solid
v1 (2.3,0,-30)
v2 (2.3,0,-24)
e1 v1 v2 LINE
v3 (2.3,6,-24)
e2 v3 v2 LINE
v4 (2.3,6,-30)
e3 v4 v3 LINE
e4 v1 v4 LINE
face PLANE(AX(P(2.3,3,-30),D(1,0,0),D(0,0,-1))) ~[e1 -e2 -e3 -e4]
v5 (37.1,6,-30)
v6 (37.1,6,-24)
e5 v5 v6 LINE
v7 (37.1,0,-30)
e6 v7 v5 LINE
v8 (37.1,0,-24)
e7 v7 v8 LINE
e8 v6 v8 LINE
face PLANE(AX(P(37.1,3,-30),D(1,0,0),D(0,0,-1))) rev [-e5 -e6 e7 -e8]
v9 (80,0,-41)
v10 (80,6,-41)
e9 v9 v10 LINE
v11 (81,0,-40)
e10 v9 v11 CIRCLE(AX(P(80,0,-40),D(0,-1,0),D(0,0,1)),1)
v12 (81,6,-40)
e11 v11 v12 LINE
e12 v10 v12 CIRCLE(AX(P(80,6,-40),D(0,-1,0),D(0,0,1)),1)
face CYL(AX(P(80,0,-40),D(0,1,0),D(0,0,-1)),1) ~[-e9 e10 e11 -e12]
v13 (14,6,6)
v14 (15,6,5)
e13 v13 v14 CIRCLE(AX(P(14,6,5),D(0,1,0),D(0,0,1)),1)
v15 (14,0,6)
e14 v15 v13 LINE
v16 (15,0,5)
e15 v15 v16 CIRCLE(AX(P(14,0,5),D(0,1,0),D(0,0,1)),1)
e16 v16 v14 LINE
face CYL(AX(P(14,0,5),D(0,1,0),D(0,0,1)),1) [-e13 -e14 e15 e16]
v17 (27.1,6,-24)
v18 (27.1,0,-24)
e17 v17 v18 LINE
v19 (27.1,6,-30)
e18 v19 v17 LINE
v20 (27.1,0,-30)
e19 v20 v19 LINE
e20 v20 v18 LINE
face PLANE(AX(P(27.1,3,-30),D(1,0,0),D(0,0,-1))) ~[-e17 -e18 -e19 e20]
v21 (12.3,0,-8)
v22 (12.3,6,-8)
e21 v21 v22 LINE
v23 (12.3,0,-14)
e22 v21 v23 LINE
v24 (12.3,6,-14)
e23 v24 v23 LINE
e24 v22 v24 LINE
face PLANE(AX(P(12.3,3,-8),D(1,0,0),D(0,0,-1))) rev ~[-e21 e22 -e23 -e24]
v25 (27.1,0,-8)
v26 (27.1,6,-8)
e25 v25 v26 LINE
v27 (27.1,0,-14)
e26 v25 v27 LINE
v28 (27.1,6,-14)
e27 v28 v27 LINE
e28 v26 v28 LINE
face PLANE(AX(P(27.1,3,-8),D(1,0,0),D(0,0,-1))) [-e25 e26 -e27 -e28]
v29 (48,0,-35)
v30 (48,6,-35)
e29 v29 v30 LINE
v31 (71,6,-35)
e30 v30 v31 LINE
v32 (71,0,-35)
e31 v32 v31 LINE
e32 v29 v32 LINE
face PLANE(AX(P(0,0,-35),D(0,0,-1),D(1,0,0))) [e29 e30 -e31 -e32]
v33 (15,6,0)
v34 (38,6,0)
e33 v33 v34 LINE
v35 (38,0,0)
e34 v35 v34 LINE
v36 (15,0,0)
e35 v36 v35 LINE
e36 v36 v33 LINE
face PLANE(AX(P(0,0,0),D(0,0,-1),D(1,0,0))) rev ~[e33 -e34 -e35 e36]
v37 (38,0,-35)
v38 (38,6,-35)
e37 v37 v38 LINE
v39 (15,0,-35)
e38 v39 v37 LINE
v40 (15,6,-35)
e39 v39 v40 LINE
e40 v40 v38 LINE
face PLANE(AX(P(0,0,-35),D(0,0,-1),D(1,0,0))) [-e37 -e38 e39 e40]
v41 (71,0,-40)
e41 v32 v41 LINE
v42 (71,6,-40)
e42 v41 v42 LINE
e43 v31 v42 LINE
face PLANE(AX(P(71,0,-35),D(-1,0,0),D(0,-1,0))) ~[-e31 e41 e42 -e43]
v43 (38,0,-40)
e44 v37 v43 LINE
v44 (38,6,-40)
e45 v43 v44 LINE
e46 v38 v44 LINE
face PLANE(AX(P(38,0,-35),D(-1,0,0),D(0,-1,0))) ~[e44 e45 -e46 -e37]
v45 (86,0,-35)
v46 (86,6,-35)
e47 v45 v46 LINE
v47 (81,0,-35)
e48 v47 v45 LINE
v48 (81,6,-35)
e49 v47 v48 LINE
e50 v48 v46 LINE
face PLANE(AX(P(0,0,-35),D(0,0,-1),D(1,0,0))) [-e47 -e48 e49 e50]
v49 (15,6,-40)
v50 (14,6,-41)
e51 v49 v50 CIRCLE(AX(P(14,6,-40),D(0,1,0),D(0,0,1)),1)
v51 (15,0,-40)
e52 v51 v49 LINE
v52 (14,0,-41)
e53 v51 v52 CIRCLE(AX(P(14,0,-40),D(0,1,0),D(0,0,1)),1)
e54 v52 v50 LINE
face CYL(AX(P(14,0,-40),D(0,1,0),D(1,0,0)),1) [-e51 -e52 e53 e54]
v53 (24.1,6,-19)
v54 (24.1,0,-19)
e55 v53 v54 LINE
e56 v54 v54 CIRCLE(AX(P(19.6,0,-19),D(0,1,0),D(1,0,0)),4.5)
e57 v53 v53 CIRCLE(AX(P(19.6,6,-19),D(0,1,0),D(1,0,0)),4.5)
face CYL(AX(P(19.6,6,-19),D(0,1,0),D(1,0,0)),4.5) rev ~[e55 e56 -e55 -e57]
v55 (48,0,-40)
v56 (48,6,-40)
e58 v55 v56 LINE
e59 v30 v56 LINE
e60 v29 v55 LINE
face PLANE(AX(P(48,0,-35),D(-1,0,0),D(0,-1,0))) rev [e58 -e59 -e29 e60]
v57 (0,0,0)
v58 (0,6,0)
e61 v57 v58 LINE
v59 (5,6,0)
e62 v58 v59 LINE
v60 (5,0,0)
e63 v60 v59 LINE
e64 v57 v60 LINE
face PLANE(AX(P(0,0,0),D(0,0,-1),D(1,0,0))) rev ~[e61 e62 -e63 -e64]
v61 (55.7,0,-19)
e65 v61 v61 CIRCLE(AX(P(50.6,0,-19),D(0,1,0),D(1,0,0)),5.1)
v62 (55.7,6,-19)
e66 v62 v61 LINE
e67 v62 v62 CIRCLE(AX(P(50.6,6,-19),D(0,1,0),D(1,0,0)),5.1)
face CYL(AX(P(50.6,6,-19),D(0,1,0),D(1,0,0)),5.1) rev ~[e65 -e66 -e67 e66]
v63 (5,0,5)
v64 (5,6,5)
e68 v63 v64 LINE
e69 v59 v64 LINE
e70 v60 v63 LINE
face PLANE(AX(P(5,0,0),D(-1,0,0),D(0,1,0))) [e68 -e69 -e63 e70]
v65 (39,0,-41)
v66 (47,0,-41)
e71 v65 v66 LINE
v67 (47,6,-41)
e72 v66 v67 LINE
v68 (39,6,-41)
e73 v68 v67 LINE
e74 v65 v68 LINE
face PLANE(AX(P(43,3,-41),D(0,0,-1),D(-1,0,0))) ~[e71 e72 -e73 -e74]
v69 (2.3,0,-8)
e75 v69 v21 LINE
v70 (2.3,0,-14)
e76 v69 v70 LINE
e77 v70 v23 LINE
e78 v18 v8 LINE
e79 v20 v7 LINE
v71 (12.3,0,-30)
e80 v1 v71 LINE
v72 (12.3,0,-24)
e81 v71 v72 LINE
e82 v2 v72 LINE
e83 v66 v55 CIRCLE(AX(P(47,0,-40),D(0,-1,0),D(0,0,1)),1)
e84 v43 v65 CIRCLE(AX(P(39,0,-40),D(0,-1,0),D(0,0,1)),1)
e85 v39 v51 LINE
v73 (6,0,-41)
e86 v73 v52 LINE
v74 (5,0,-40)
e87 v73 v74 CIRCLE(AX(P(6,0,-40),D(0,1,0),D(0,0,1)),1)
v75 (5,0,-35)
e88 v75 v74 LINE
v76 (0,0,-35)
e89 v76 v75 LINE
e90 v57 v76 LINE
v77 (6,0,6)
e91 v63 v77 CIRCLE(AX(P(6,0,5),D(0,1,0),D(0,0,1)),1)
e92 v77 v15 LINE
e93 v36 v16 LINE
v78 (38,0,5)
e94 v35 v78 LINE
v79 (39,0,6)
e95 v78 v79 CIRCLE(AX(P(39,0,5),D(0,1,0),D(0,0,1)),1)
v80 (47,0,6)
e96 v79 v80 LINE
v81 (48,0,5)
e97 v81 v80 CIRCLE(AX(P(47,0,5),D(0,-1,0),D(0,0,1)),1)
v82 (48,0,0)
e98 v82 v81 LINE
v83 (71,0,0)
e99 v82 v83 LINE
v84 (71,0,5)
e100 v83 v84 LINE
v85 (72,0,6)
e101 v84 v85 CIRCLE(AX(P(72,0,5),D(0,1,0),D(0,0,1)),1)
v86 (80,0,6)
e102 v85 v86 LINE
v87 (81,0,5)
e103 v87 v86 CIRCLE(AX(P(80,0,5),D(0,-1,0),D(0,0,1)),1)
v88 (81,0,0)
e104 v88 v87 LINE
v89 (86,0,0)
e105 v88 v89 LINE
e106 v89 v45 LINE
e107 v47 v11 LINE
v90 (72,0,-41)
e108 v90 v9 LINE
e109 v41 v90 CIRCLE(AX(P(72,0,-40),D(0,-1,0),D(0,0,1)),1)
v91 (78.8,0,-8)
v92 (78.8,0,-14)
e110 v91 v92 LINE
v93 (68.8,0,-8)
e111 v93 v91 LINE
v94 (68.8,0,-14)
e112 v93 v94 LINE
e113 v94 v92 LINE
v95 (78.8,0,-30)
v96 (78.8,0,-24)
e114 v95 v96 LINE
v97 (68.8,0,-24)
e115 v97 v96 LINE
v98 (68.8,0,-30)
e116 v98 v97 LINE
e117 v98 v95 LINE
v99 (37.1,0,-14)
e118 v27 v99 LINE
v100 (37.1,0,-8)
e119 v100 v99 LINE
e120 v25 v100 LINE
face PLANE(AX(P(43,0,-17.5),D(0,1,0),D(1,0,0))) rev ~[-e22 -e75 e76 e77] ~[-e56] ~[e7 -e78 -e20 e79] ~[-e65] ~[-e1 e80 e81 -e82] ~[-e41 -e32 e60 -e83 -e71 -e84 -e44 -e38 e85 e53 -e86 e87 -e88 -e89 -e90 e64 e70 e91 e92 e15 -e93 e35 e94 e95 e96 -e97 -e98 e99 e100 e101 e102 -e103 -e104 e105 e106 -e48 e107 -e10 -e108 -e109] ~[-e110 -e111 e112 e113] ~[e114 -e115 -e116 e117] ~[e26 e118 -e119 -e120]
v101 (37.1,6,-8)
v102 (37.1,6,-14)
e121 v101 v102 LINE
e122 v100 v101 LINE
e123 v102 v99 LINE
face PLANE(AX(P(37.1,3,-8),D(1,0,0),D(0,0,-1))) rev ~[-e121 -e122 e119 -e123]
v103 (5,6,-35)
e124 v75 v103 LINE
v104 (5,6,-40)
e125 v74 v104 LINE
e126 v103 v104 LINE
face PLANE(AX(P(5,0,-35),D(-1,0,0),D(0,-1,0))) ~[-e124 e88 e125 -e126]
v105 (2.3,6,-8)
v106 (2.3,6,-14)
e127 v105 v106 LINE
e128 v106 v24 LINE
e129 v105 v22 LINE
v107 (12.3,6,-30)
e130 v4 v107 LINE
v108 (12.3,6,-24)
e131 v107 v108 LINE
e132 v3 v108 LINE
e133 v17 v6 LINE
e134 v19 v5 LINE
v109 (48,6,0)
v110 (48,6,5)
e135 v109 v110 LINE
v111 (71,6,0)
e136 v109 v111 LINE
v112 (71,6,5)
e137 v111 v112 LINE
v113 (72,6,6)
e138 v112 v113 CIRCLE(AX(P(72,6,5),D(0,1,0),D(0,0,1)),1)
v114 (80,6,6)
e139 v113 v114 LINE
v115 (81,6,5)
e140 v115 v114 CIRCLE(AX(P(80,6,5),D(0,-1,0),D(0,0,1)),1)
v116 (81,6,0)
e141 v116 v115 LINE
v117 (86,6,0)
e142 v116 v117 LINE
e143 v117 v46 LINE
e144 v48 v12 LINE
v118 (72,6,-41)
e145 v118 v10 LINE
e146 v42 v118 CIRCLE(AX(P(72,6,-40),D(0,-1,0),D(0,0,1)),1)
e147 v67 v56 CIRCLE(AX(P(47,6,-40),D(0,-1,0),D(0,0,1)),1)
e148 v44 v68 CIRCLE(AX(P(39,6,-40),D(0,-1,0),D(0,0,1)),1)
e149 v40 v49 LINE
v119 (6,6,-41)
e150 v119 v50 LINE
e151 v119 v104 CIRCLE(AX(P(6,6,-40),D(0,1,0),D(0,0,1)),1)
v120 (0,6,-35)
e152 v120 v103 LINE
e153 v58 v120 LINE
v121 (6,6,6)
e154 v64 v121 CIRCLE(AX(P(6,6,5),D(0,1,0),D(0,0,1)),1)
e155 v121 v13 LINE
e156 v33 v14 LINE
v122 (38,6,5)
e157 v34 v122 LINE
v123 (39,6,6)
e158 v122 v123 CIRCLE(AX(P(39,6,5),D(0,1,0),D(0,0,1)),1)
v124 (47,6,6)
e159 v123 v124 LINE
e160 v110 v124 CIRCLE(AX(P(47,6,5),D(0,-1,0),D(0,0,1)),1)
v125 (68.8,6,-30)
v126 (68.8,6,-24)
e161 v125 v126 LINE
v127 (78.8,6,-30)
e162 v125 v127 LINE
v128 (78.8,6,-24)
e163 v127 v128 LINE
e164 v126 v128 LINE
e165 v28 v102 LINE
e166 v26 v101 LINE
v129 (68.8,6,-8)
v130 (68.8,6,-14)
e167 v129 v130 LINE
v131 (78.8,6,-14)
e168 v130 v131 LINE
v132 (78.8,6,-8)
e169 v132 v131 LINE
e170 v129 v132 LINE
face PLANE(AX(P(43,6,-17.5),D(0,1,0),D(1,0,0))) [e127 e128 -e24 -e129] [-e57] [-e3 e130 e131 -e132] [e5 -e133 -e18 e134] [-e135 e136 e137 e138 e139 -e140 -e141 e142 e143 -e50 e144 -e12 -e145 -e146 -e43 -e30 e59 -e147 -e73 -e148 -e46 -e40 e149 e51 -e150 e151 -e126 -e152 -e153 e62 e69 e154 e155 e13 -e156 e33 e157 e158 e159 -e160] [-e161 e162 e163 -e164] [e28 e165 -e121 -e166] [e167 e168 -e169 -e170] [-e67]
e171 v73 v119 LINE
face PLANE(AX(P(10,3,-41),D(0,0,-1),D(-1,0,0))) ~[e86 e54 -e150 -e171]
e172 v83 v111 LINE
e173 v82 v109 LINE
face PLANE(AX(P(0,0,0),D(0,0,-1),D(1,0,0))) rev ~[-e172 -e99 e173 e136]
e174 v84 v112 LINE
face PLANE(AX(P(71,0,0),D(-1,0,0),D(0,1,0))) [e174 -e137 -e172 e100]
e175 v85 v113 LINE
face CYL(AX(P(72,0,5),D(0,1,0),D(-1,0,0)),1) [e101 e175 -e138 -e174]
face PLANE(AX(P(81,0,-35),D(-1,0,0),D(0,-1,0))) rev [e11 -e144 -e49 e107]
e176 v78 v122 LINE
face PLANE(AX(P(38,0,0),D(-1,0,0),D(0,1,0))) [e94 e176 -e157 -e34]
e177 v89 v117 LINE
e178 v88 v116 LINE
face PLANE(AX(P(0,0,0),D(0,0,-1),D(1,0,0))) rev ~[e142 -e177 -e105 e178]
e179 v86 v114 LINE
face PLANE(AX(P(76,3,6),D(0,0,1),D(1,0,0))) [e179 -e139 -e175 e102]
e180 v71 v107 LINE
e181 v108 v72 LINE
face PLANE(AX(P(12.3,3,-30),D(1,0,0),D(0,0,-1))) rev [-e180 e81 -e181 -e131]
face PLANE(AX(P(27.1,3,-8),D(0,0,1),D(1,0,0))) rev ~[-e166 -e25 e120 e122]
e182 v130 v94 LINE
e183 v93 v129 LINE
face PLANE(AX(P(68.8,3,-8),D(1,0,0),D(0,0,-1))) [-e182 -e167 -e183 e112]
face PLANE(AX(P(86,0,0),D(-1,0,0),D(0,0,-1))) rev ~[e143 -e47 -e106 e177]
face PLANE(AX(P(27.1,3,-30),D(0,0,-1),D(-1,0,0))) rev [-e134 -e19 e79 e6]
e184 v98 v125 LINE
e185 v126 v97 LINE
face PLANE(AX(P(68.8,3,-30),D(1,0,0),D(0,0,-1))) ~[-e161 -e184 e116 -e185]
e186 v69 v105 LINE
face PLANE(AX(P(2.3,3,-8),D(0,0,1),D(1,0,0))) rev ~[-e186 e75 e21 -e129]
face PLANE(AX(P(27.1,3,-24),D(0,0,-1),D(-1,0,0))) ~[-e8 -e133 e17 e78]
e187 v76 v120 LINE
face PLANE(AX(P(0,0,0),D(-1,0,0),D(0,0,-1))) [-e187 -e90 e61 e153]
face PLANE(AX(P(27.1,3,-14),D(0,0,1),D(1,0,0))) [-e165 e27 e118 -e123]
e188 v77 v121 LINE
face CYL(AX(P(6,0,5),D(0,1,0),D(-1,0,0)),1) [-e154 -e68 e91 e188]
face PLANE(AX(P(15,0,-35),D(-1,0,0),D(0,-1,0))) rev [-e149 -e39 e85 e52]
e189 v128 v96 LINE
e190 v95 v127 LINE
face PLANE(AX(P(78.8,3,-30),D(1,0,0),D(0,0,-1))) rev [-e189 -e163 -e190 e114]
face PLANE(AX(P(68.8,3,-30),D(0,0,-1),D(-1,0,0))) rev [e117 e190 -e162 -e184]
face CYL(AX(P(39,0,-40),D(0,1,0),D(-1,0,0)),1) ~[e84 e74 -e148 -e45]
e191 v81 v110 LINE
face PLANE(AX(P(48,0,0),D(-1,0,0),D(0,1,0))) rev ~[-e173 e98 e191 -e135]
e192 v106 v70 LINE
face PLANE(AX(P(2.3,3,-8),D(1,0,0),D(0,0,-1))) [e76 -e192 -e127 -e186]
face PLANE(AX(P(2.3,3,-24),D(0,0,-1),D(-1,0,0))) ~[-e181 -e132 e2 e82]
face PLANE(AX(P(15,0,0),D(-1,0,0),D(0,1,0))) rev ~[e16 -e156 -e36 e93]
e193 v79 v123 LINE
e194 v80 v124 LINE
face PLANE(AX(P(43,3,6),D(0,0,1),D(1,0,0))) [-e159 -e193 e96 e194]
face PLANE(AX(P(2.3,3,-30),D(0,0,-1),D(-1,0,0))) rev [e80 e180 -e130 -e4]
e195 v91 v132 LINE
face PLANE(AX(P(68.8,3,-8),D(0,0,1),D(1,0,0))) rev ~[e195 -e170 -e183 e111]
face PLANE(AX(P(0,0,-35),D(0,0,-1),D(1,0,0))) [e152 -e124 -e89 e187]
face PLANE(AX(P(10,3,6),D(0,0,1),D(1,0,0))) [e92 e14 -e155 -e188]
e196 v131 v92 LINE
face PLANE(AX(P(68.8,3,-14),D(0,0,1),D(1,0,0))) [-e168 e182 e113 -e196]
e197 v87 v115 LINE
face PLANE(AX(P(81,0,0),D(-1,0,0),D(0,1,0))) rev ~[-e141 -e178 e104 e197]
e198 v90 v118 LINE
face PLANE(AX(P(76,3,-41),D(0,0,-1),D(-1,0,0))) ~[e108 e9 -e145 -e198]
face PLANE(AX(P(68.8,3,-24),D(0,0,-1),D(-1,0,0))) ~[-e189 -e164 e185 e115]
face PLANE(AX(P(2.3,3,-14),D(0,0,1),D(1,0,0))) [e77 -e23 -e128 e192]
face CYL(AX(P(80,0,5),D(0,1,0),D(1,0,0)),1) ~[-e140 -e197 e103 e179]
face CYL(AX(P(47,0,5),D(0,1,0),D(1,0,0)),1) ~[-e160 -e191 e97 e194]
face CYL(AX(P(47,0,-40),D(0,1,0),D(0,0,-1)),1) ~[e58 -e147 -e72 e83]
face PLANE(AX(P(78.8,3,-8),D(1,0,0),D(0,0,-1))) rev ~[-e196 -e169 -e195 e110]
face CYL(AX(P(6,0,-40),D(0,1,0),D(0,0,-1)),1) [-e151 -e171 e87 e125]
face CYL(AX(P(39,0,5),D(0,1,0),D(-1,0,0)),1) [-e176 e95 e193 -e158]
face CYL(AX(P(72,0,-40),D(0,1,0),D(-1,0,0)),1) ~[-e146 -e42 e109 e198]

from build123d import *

# Parameters (mm, degrees)
SKETCH1_W               = 86
SKETCH1_H               = 35
BOSS_EXTRUDE1_DEPTH     = 6
SKETCH2_R               = 5.1
SKETCH2_R_2             = 4.5
CUT_EXTRUDE1_DEPTH      = 6
SKETCH234_W             = 10
SKETCH234_H             = 6
BOSS_EXTRUDE234_DEPTH   = 6
FILLET134_R             = 1
SKETCH2341_W            = 10
SKETCH2341_H            = 6
BOSS_EXTRUDE2341_DEPTH  = 6
FILLET1341_R            = 1
SKETCH2342_W            = 10
SKETCH2342_H            = 6
BOSS_EXTRUDE2342_DEPTH  = 6
FILLET1342_R            = 1
FILLET134_OF_MIRROR1_R  = 1
FILLET1341_OF_MIRROR1_R = 1
FILLET1342_OF_MIRROR1_R = 1
SKETCH6_W               = 10
SKETCH6_H               = 6
CUT_EXTRUDE11_DEPTH     = 4
SKETCH61_W              = 10
SKETCH61_H              = 6
CUT_EXTRUDE12_DEPTH     = 4
SKETCH62_W              = 10
SKETCH62_H              = 6
CUT_EXTRUDE13_DEPTH     = 4


with BuildPart() as part:
    # Sketch1 → Boss-Extrude1 (new body)
    with BuildSketch(Plane(origin=(0, 0, 0), x_dir=(1, 0, 0), z_dir=(0, 1, 0))):
        with Locations((43, 17.5)):
            Rectangle(SKETCH1_W, SKETCH1_H)
    extrude(amount=BOSS_EXTRUDE1_DEPTH)

    # Sketch2 → Cut-Extrude1 (cut)
    with BuildSketch(Plane(origin=(0, 6, 0), x_dir=(1, 0, 0), z_dir=(0, 1, 0))):
        with Locations((50.6, 19)):
            Circle(SKETCH2_R)
        with Locations((19.6, 19)):
            Circle(SKETCH2_R_2)
    extrude(amount=-CUT_EXTRUDE1_DEPTH, mode=Mode.SUBTRACT)

    # Sketch234 → Boss-Extrude234 (add)
    with BuildSketch(Plane(origin=(9.232221392, 0, 0), x_dir=(1, 0, 0), z_dir=(0, 0, 1))):
        with Locations((0.767778608, 3)):
            Rectangle(SKETCH234_W, SKETCH234_H)
    boss_extrude234 = extrude(amount=BOSS_EXTRUDE234_DEPTH)

    # Fillet134
    fillet134_edges = [part.edges().sort_by_distance(p)[0] for p in [
        (5, 3, 6),
        (15, 3, 6),
    ]]
    fillet(fillet134_edges, radius=FILLET134_R)

    # Sketch2341 → Boss-Extrude2341 (add)
    with BuildSketch(Plane(origin=(42.232221392, 0, 0), x_dir=(1, 0, 0), z_dir=(0, 0, 1))):
        with Locations((0.767778608, 3)):
            Rectangle(SKETCH2341_W, SKETCH2341_H)
    boss_extrude2341 = extrude(amount=BOSS_EXTRUDE2341_DEPTH)

    # Fillet1341
    fillet1341_edges = [part.edges().sort_by_distance(p)[0] for p in [
        (48, 3, 6),
        (38, 3, 6),
    ]]
    fillet(fillet1341_edges, radius=FILLET1341_R)

    # Sketch2342 → Boss-Extrude2342 (add)
    with BuildSketch(Plane(origin=(75.232221392, 0, 0), x_dir=(1, 0, 0), z_dir=(0, 0, 1))):
        with Locations((0.767778608, 3)):
            Rectangle(SKETCH2342_W, SKETCH2342_H)
    boss_extrude2342 = extrude(amount=BOSS_EXTRUDE2342_DEPTH)

    # Fillet1342
    fillet1342_edges = [part.edges().sort_by_distance(p)[0] for p in [
        (81, 3, 6),
        (71, 3, 6),
    ]]
    fillet(fillet1342_edges, radius=FILLET1342_R)

    # Mirror1: Boss-Extrude234, Boss-Extrude2341, Boss-Extrude2342 across plane
    add(boss_extrude234.mirror(Plane(origin=(0, 0, -17.5), x_dir=(1, 0, 0), z_dir=(0, 0, -1))))
    add(boss_extrude2341.mirror(Plane(origin=(0, 0, -17.5), x_dir=(1, 0, 0), z_dir=(0, 0, -1))))
    add(boss_extrude2342.mirror(Plane(origin=(0, 0, -17.5), x_dir=(1, 0, 0), z_dir=(0, 0, -1))))

    # Fillet134 of Mirror1
    fillet134_of_mirror1_edges = [part.edges().sort_by_distance(p)[0] for p in [
        (5, 3, -41),
        (15, 3, -41),
    ]]
    fillet(fillet134_of_mirror1_edges, radius=FILLET134_OF_MIRROR1_R)

    # Fillet1341 of Mirror1
    fillet1341_of_mirror1_edges = [part.edges().sort_by_distance(p)[0] for p in [
        (48, 3, -41),
        (38, 3, -41),
    ]]
    fillet(fillet1341_of_mirror1_edges, radius=FILLET1341_OF_MIRROR1_R)

    # Fillet1342 of Mirror1
    fillet1342_of_mirror1_edges = [part.edges().sort_by_distance(p)[0] for p in [
        (81, 3, -41),
        (71, 3, -41),
    ]]
    fillet(fillet1342_of_mirror1_edges, radius=FILLET1342_OF_MIRROR1_R)

    # Sketch6 → Cut-Extrude11 (cut, symmetric)
    with BuildSketch(Plane(origin=(73.032221392, 3, -55), x_dir=(1, 0, 0), z_dir=(0, 1, 0))):
        with Locations((0.767778608, -44)):
            Rectangle(SKETCH6_W, SKETCH6_H)
    cut_extrude11 = extrude(amount=CUT_EXTRUDE11_DEPTH, both=True, mode=Mode.SUBTRACT)

    # Sketch61 → Cut-Extrude12 (cut, symmetric)
    with BuildSketch(Plane(origin=(31.332221392, 3, -55), x_dir=(1, 0, 0), z_dir=(0, 1, 0))):
        with Locations((0.767778608, -44)):
            Rectangle(SKETCH61_W, SKETCH61_H)
    cut_extrude12 = extrude(amount=CUT_EXTRUDE12_DEPTH, both=True, mode=Mode.SUBTRACT)

    # Sketch62 → Cut-Extrude13 (cut, symmetric)
    with BuildSketch(Plane(origin=(6.532221392, 3, -55), x_dir=(1, 0, 0), z_dir=(0, 1, 0))):
        with Locations((0.767778608, -44)):
            Rectangle(SKETCH62_W, SKETCH62_H)
    cut_extrude13 = extrude(amount=CUT_EXTRUDE13_DEPTH, both=True, mode=Mode.SUBTRACT)

    # Mirror2: Cut-Extrude11, Cut-Extrude12, Cut-Extrude13 across plane
    add(cut_extrude11.mirror(Plane(origin=(0, 0, -19), x_dir=(1, 0, 0), z_dir=(0, 0, -1))), mode=Mode.SUBTRACT)
    add(cut_extrude12.mirror(Plane(origin=(0, 0, -19), x_dir=(1, 0, 0), z_dir=(0, 0, -1))), mode=Mode.SUBTRACT)
    add(cut_extrude13.mirror(Plane(origin=(0, 0, -19), x_dir=(1, 0, 0), z_dir=(0, 0, -1))), mode=Mode.SUBTRACT)


solid = part.part
